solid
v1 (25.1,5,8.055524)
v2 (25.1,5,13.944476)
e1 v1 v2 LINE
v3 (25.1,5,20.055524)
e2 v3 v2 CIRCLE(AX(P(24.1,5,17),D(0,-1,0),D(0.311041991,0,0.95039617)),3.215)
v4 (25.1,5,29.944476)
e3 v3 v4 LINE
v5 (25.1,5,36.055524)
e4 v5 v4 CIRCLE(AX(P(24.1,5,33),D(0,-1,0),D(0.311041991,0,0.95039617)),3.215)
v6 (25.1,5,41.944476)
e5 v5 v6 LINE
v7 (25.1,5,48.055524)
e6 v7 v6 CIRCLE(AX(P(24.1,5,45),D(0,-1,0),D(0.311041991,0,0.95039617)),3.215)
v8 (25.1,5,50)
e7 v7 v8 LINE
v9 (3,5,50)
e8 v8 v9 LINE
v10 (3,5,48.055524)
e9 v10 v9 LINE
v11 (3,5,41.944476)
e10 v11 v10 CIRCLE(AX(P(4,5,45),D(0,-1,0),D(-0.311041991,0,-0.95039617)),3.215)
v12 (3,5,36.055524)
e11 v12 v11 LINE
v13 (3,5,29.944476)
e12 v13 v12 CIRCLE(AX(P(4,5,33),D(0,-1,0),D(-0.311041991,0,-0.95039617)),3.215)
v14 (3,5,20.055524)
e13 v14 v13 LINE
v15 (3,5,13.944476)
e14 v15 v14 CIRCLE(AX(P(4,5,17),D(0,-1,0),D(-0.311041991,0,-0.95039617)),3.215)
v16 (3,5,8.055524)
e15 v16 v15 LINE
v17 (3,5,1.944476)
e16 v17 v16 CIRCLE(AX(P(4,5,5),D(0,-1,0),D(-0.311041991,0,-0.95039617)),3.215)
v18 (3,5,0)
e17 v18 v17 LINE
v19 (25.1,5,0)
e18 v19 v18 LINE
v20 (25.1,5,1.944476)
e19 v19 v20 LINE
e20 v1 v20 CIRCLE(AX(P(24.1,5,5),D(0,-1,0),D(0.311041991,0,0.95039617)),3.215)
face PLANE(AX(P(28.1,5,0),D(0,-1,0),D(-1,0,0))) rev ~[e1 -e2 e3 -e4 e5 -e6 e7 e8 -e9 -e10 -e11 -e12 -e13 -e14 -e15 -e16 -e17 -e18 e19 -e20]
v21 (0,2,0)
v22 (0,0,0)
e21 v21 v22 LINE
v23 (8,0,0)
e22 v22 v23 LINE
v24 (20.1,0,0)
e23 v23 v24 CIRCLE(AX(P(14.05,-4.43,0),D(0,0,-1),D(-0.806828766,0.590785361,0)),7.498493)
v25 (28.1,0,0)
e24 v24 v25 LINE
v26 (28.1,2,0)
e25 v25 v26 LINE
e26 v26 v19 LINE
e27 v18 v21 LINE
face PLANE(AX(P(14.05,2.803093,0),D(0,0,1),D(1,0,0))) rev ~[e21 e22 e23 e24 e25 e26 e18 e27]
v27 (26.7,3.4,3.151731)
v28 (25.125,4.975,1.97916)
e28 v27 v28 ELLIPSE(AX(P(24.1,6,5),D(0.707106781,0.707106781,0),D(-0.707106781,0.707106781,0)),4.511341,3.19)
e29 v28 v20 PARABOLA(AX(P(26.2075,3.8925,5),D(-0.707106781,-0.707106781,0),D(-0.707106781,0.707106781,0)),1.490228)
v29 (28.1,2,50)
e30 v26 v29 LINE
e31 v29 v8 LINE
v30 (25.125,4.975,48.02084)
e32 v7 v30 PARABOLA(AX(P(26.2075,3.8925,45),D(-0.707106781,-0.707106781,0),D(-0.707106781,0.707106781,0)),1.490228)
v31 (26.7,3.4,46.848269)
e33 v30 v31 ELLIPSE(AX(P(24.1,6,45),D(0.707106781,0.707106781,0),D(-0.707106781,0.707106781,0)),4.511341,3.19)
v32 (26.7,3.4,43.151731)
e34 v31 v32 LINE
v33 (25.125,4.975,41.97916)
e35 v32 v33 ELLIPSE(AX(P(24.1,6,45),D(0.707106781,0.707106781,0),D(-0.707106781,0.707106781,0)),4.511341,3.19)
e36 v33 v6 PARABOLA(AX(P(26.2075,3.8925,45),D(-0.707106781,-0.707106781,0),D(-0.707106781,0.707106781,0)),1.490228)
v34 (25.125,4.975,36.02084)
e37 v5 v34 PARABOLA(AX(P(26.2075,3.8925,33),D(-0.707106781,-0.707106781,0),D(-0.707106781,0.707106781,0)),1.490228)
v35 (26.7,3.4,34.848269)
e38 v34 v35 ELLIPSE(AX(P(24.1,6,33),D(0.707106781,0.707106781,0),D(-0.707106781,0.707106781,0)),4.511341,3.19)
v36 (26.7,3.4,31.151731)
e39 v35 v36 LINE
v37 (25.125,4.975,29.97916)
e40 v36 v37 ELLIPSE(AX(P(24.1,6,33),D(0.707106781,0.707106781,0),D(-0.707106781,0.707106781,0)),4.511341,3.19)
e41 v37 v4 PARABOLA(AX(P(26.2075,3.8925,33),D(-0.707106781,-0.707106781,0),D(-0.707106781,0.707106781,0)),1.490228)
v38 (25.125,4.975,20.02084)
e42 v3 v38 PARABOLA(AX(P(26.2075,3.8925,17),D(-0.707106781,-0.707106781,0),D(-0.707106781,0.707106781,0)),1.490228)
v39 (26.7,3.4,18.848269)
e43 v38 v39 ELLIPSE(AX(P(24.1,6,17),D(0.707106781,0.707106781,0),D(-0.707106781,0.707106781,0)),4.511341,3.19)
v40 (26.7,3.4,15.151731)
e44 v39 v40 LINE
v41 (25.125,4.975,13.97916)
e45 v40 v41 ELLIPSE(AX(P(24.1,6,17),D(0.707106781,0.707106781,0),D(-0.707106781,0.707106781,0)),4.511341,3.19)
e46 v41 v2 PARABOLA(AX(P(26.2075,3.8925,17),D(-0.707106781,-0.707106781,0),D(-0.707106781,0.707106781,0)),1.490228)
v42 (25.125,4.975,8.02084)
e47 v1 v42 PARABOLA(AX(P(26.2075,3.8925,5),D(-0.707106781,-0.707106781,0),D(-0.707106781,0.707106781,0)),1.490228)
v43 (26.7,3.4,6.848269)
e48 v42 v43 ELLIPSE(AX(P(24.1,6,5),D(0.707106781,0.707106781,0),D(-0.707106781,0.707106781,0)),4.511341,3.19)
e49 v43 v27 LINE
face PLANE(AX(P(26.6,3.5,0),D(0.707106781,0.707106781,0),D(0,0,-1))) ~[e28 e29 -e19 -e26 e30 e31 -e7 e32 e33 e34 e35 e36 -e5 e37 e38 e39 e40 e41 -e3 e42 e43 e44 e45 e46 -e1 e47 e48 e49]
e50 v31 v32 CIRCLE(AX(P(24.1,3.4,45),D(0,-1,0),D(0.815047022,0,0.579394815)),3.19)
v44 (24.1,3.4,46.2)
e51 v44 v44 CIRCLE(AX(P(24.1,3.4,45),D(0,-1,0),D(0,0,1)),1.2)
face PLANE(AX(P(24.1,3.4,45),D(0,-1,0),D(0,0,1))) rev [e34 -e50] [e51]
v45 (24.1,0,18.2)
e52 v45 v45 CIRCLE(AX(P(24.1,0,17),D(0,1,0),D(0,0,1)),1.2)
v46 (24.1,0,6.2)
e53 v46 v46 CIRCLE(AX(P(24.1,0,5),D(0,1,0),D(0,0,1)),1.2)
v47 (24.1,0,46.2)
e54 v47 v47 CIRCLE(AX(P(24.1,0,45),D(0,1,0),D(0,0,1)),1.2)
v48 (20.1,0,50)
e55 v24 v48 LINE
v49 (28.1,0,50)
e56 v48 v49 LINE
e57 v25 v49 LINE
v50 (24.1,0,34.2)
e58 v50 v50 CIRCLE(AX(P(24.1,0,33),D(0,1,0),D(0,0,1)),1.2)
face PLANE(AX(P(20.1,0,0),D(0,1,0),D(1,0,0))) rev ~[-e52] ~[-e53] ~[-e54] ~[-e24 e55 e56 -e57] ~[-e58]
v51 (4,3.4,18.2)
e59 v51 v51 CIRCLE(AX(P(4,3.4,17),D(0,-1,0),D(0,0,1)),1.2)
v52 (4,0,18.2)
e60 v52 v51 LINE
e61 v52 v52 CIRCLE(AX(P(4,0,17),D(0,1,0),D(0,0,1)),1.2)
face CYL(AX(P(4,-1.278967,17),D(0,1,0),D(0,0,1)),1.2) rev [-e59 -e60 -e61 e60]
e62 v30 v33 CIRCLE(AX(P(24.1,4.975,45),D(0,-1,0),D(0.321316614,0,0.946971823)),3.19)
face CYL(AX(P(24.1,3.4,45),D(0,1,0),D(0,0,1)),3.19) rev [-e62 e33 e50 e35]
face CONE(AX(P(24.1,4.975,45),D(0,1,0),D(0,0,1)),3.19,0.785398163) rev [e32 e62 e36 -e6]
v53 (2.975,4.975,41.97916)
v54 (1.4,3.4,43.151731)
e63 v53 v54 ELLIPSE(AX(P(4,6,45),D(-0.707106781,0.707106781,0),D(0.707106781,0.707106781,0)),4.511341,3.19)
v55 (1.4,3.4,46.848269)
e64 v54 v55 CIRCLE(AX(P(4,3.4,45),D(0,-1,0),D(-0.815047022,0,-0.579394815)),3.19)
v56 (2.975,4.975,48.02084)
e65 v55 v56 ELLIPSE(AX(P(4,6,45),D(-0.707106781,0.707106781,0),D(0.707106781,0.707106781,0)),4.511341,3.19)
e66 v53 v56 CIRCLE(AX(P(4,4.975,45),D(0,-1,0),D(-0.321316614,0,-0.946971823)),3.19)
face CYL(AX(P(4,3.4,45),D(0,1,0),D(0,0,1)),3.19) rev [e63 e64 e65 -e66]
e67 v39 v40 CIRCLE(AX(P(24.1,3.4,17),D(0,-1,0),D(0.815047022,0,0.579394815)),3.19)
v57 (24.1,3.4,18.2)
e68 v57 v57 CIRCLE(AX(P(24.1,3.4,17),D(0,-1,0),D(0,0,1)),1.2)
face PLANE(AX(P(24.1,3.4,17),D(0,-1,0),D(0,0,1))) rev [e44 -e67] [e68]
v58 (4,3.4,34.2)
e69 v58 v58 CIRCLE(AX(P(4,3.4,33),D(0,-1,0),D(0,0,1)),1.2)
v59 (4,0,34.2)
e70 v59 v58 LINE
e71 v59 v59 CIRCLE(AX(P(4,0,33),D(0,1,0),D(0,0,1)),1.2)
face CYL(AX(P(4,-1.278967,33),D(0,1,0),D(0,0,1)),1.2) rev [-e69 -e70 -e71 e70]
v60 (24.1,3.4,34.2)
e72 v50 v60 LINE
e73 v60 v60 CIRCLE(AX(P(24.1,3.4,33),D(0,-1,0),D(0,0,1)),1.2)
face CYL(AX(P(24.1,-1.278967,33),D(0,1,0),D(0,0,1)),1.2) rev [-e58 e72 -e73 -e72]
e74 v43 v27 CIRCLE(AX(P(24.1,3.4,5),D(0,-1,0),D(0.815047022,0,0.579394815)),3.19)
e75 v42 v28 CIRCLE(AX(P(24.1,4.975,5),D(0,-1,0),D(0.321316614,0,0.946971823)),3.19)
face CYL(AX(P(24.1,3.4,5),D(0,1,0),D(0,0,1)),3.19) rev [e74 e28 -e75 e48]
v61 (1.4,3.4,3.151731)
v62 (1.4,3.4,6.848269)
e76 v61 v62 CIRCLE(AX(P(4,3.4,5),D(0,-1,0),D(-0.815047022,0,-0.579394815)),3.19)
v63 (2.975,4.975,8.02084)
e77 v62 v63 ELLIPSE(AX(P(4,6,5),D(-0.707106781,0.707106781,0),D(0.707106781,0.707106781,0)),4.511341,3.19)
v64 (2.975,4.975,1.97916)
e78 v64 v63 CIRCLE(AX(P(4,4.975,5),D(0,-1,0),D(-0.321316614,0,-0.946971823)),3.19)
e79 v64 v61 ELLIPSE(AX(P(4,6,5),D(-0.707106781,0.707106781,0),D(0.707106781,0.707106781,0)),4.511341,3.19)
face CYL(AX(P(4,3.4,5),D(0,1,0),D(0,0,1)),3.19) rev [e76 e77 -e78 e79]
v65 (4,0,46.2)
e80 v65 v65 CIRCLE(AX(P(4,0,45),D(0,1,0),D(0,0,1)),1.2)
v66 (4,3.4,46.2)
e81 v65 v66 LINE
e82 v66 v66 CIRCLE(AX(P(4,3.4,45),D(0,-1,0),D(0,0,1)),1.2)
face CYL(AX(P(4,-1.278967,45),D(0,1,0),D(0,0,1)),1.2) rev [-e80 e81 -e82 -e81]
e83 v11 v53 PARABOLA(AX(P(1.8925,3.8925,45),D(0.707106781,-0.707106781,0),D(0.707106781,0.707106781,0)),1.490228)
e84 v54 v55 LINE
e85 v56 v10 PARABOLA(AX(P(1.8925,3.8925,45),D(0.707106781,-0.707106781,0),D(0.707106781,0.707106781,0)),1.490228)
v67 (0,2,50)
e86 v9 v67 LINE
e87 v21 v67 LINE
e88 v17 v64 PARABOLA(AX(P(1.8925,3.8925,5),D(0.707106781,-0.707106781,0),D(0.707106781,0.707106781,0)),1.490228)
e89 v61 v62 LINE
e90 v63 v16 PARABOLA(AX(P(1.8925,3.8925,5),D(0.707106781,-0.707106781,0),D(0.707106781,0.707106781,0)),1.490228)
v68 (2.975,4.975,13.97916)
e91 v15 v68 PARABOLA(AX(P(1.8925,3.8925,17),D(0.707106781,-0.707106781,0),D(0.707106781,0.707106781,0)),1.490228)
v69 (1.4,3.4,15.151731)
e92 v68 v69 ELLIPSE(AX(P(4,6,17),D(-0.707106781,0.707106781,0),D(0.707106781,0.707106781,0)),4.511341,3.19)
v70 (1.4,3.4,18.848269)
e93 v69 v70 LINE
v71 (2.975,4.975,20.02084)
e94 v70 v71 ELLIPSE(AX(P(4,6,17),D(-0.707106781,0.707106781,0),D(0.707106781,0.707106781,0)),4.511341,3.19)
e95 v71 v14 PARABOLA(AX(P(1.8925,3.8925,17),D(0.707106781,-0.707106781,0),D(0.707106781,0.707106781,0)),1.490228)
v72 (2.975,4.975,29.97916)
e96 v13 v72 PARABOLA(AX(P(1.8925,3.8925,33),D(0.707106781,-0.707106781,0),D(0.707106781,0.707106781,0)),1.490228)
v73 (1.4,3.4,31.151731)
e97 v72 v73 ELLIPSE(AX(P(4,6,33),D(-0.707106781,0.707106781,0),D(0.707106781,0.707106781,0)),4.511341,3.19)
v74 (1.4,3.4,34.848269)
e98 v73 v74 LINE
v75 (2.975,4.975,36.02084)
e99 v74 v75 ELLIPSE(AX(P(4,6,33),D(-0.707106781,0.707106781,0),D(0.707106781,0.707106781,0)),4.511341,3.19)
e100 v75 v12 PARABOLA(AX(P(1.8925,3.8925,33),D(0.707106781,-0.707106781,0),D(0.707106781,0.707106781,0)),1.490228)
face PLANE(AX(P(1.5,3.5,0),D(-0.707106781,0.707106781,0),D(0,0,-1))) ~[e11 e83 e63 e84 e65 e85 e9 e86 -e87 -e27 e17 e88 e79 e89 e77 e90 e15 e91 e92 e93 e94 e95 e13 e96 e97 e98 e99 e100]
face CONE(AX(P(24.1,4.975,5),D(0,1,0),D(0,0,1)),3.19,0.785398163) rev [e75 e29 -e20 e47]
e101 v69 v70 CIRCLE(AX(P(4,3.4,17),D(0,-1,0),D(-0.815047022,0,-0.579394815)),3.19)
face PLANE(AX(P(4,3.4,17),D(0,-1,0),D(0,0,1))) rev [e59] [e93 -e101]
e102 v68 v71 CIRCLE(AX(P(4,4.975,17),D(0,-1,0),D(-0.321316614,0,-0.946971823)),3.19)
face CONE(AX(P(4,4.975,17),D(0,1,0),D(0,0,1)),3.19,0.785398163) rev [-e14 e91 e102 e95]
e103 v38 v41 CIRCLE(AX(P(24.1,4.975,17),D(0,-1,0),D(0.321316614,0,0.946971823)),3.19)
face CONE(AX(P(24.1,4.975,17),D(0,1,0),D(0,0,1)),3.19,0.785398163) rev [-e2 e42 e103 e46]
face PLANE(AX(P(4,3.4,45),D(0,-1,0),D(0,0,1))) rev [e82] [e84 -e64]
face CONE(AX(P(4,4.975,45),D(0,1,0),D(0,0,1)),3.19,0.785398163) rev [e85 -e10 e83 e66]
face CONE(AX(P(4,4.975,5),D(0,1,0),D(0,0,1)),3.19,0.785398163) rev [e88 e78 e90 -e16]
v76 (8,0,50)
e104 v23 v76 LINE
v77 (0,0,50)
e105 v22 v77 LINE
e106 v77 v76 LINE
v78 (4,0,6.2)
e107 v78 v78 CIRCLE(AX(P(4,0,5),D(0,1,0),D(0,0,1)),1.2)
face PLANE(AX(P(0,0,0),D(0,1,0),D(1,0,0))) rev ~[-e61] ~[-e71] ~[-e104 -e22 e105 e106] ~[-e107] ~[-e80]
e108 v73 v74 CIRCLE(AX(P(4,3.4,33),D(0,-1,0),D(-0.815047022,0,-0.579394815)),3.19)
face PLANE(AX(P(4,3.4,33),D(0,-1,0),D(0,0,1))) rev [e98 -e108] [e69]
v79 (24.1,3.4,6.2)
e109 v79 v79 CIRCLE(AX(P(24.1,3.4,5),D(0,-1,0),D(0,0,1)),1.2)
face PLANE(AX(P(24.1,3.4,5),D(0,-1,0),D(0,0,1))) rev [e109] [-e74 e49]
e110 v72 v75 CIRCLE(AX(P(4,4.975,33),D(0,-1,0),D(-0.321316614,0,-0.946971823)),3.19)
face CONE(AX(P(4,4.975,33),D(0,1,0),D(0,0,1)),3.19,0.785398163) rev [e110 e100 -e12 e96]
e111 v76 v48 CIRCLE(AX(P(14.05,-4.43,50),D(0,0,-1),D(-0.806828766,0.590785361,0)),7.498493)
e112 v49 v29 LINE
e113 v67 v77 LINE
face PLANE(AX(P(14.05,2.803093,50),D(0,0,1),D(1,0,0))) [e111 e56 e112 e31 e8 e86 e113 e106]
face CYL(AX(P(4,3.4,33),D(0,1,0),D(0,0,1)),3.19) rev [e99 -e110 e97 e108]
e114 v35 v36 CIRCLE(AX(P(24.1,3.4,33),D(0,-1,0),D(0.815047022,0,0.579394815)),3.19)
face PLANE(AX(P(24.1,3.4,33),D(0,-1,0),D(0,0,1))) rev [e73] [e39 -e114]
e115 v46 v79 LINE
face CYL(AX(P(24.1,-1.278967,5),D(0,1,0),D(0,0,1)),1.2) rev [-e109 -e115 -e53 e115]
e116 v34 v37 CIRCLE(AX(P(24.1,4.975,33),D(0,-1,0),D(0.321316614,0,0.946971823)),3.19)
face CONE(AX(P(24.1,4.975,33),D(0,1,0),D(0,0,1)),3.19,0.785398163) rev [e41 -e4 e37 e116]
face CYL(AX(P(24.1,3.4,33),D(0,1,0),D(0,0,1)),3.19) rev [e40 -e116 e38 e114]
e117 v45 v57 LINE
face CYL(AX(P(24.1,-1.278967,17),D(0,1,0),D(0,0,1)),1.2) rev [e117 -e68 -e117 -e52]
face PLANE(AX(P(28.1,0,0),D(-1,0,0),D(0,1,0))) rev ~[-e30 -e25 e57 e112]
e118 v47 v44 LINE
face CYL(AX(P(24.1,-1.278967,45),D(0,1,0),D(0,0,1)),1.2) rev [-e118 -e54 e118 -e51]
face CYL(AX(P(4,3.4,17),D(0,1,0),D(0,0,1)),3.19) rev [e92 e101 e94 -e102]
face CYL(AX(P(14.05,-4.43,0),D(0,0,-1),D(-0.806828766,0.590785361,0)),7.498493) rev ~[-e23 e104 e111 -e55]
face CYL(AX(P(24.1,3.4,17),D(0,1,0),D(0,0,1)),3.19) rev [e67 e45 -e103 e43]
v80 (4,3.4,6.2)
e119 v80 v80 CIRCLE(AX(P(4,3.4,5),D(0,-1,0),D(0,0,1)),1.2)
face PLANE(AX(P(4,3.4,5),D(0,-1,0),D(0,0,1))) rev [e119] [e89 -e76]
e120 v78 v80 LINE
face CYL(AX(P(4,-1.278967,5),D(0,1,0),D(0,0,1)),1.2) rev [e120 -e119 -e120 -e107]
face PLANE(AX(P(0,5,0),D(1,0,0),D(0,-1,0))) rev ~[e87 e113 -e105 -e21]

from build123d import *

# Parameters (mm, degrees)
SALIENTE_EXTRUIR1_DEPTH                       = 50
CHAFL_N2_SIZE                                 = 3
CBORE_FOR_M2_HEX_HEAD_MACHINE_SCREW1_AT_COUNT = 2
CBORE_FOR_M2_HEX_HEAD_MACHINE_SCREW1_AT_PITCH = 12
CBORE_FOR_M2_HEX_HEAD_MACHINE_SCREW1_2_COUNT  = 2
CBORE_FOR_M2_HEX_HEAD_MACHINE_SCREW1_2_PITCH  = 23.40961341
CBORE_FOR_M2_HEX_HEAD_MACHINE_SCREW1_3_COUNT  = 2
CBORE_FOR_M2_HEX_HEAD_MACHINE_SCREW1_3_PITCH  = 20.1
CBORE_FOR_M2_HEX_HEAD_MACHINE_SCREW1_4_COUNT  = 2
CBORE_FOR_M2_HEX_HEAD_MACHINE_SCREW1_4_PITCH  = 28
CBORE_FOR_M2_HEX_HEAD_MACHINE_SCREW1_5_COUNT  = 2
CBORE_FOR_M2_HEX_HEAD_MACHINE_SCREW1_5_PITCH  = 34.467520944
CBORE_FOR_M2_HEX_HEAD_MACHINE_SCREW1_6_COUNT  = 2
CBORE_FOR_M2_HEX_HEAD_MACHINE_SCREW1_6_PITCH  = 44.766170263
CBORE_FOR_M2_HEX_HEAD_MACHINE_SCREW1_7_COUNT  = 2
CBORE_FOR_M2_HEX_HEAD_MACHINE_SCREW1_7_PITCH  = 40


with BuildPart() as part:
    # Croquis1 → Saliente-Extruir1 (new body)
    with BuildSketch(Plane.XY):
        with BuildLine():
            Line((0, 0), (8, 0))
            ThreePointArc((8, 0), (14.05, 3.068493182), (20.1, 0))
            Line((20.1, 0), (28.1, 0))
            Line((28.1, 0), (28.1, 5))
            Line((28.1, 5), (0, 5))
            Line((0, 5), (0, 0))
        make_face()
    extrude(amount=SALIENTE_EXTRUIR1_DEPTH)

    # Chaflán2
    chafl_n2_edges = [part.edges().sort_by_distance(p)[0] for p in [
        (0, 5, 25),
        (28.1, 5, 25),
    ]]
    chamfer(chafl_n2_edges, length=CHAFL_N2_SIZE)

    # Croquis3 → CBORE for M2 Hex Head Machine Screw1 (revolve, cut)
    with BuildSketch(Plane(origin=(4, 5, 5), x_dir=(0, 0, 1), z_dir=(1, 0, 0))):
        Polygon((0, 0), (0, 7), (1.2, 6.278967257), (1.2, 1.6), (3.19, 1.6), (3.19, 0.025), (3.215, 0), align=None)
    cbore_for_m2_hex_head_machine_screw1 = revolve(axis=Axis((4, 11.35, 5), (0, -1, 0)), mode=Mode.SUBTRACT)

    # CBORE for M2 Hex Head Machine Screw1 at: CBORE for M2 Hex Head Machine Screw1 ×2
    with Locations(*[(0, 0, i * CBORE_FOR_M2_HEX_HEAD_MACHINE_SCREW1_AT_PITCH) for i in range(1, CBORE_FOR_M2_HEX_HEAD_MACHINE_SCREW1_AT_COUNT)]):
        add(cbore_for_m2_hex_head_machine_screw1, mode=Mode.SUBTRACT)

    # CBORE for M2 Hex Head Machine Screw1 2: CBORE for M2 Hex Head Machine Screw1 ×2
    with Locations(*[Vector(0.8586216119022935, 0, 0.5126099175535989) * (i * CBORE_FOR_M2_HEX_HEAD_MACHINE_SCREW1_2_PITCH) for i in range(1, CBORE_FOR_M2_HEX_HEAD_MACHINE_SCREW1_2_COUNT)]):
        add(cbore_for_m2_hex_head_machine_screw1, mode=Mode.SUBTRACT)

    # CBORE for M2 Hex Head Machine Screw1 3: CBORE for M2 Hex Head Machine Screw1 ×2
    with Locations(*[(i * CBORE_FOR_M2_HEX_HEAD_MACHINE_SCREW1_3_PITCH, 0, 0) for i in range(1, CBORE_FOR_M2_HEX_HEAD_MACHINE_SCREW1_3_COUNT)]):
        add(cbore_for_m2_hex_head_machine_screw1, mode=Mode.SUBTRACT)

    # CBORE for M2 Hex Head Machine Screw1 4: CBORE for M2 Hex Head Machine Screw1 ×2
    with Locations(*[(0, 0, i * CBORE_FOR_M2_HEX_HEAD_MACHINE_SCREW1_4_PITCH) for i in range(1, CBORE_FOR_M2_HEX_HEAD_MACHINE_SCREW1_4_COUNT)]):
        add(cbore_for_m2_hex_head_machine_screw1, mode=Mode.SUBTRACT)

    # CBORE for M2 Hex Head Machine Screw1 5: CBORE for M2 Hex Head Machine Screw1 ×2
    with Locations(*[Vector(0.5831576930893619, 0, 0.8123589754478582) * (i * CBORE_FOR_M2_HEX_HEAD_MACHINE_SCREW1_5_PITCH) for i in range(1, CBORE_FOR_M2_HEX_HEAD_MACHINE_SCREW1_5_COUNT)]):
        add(cbore_for_m2_hex_head_machine_screw1, mode=Mode.SUBTRACT)

    # CBORE for M2 Hex Head Machine Screw1 6: CBORE for M2 Hex Head Machine Screw1 ×2
    with Locations(*[Vector(0.44899976660931423, 0, 0.8935318738493784) * (i * CBORE_FOR_M2_HEX_HEAD_MACHINE_SCREW1_6_PITCH) for i in range(1, CBORE_FOR_M2_HEX_HEAD_MACHINE_SCREW1_6_COUNT)]):
        add(cbore_for_m2_hex_head_machine_screw1, mode=Mode.SUBTRACT)

    # CBORE for M2 Hex Head Machine Screw1 7: CBORE for M2 Hex Head Machine Screw1 ×2
    with Locations(*[(0, 0, i * CBORE_FOR_M2_HEX_HEAD_MACHINE_SCREW1_7_PITCH) for i in range(1, CBORE_FOR_M2_HEX_HEAD_MACHINE_SCREW1_7_COUNT)]):
        add(cbore_for_m2_hex_head_machine_screw1, mode=Mode.SUBTRACT)


solid = part.part
